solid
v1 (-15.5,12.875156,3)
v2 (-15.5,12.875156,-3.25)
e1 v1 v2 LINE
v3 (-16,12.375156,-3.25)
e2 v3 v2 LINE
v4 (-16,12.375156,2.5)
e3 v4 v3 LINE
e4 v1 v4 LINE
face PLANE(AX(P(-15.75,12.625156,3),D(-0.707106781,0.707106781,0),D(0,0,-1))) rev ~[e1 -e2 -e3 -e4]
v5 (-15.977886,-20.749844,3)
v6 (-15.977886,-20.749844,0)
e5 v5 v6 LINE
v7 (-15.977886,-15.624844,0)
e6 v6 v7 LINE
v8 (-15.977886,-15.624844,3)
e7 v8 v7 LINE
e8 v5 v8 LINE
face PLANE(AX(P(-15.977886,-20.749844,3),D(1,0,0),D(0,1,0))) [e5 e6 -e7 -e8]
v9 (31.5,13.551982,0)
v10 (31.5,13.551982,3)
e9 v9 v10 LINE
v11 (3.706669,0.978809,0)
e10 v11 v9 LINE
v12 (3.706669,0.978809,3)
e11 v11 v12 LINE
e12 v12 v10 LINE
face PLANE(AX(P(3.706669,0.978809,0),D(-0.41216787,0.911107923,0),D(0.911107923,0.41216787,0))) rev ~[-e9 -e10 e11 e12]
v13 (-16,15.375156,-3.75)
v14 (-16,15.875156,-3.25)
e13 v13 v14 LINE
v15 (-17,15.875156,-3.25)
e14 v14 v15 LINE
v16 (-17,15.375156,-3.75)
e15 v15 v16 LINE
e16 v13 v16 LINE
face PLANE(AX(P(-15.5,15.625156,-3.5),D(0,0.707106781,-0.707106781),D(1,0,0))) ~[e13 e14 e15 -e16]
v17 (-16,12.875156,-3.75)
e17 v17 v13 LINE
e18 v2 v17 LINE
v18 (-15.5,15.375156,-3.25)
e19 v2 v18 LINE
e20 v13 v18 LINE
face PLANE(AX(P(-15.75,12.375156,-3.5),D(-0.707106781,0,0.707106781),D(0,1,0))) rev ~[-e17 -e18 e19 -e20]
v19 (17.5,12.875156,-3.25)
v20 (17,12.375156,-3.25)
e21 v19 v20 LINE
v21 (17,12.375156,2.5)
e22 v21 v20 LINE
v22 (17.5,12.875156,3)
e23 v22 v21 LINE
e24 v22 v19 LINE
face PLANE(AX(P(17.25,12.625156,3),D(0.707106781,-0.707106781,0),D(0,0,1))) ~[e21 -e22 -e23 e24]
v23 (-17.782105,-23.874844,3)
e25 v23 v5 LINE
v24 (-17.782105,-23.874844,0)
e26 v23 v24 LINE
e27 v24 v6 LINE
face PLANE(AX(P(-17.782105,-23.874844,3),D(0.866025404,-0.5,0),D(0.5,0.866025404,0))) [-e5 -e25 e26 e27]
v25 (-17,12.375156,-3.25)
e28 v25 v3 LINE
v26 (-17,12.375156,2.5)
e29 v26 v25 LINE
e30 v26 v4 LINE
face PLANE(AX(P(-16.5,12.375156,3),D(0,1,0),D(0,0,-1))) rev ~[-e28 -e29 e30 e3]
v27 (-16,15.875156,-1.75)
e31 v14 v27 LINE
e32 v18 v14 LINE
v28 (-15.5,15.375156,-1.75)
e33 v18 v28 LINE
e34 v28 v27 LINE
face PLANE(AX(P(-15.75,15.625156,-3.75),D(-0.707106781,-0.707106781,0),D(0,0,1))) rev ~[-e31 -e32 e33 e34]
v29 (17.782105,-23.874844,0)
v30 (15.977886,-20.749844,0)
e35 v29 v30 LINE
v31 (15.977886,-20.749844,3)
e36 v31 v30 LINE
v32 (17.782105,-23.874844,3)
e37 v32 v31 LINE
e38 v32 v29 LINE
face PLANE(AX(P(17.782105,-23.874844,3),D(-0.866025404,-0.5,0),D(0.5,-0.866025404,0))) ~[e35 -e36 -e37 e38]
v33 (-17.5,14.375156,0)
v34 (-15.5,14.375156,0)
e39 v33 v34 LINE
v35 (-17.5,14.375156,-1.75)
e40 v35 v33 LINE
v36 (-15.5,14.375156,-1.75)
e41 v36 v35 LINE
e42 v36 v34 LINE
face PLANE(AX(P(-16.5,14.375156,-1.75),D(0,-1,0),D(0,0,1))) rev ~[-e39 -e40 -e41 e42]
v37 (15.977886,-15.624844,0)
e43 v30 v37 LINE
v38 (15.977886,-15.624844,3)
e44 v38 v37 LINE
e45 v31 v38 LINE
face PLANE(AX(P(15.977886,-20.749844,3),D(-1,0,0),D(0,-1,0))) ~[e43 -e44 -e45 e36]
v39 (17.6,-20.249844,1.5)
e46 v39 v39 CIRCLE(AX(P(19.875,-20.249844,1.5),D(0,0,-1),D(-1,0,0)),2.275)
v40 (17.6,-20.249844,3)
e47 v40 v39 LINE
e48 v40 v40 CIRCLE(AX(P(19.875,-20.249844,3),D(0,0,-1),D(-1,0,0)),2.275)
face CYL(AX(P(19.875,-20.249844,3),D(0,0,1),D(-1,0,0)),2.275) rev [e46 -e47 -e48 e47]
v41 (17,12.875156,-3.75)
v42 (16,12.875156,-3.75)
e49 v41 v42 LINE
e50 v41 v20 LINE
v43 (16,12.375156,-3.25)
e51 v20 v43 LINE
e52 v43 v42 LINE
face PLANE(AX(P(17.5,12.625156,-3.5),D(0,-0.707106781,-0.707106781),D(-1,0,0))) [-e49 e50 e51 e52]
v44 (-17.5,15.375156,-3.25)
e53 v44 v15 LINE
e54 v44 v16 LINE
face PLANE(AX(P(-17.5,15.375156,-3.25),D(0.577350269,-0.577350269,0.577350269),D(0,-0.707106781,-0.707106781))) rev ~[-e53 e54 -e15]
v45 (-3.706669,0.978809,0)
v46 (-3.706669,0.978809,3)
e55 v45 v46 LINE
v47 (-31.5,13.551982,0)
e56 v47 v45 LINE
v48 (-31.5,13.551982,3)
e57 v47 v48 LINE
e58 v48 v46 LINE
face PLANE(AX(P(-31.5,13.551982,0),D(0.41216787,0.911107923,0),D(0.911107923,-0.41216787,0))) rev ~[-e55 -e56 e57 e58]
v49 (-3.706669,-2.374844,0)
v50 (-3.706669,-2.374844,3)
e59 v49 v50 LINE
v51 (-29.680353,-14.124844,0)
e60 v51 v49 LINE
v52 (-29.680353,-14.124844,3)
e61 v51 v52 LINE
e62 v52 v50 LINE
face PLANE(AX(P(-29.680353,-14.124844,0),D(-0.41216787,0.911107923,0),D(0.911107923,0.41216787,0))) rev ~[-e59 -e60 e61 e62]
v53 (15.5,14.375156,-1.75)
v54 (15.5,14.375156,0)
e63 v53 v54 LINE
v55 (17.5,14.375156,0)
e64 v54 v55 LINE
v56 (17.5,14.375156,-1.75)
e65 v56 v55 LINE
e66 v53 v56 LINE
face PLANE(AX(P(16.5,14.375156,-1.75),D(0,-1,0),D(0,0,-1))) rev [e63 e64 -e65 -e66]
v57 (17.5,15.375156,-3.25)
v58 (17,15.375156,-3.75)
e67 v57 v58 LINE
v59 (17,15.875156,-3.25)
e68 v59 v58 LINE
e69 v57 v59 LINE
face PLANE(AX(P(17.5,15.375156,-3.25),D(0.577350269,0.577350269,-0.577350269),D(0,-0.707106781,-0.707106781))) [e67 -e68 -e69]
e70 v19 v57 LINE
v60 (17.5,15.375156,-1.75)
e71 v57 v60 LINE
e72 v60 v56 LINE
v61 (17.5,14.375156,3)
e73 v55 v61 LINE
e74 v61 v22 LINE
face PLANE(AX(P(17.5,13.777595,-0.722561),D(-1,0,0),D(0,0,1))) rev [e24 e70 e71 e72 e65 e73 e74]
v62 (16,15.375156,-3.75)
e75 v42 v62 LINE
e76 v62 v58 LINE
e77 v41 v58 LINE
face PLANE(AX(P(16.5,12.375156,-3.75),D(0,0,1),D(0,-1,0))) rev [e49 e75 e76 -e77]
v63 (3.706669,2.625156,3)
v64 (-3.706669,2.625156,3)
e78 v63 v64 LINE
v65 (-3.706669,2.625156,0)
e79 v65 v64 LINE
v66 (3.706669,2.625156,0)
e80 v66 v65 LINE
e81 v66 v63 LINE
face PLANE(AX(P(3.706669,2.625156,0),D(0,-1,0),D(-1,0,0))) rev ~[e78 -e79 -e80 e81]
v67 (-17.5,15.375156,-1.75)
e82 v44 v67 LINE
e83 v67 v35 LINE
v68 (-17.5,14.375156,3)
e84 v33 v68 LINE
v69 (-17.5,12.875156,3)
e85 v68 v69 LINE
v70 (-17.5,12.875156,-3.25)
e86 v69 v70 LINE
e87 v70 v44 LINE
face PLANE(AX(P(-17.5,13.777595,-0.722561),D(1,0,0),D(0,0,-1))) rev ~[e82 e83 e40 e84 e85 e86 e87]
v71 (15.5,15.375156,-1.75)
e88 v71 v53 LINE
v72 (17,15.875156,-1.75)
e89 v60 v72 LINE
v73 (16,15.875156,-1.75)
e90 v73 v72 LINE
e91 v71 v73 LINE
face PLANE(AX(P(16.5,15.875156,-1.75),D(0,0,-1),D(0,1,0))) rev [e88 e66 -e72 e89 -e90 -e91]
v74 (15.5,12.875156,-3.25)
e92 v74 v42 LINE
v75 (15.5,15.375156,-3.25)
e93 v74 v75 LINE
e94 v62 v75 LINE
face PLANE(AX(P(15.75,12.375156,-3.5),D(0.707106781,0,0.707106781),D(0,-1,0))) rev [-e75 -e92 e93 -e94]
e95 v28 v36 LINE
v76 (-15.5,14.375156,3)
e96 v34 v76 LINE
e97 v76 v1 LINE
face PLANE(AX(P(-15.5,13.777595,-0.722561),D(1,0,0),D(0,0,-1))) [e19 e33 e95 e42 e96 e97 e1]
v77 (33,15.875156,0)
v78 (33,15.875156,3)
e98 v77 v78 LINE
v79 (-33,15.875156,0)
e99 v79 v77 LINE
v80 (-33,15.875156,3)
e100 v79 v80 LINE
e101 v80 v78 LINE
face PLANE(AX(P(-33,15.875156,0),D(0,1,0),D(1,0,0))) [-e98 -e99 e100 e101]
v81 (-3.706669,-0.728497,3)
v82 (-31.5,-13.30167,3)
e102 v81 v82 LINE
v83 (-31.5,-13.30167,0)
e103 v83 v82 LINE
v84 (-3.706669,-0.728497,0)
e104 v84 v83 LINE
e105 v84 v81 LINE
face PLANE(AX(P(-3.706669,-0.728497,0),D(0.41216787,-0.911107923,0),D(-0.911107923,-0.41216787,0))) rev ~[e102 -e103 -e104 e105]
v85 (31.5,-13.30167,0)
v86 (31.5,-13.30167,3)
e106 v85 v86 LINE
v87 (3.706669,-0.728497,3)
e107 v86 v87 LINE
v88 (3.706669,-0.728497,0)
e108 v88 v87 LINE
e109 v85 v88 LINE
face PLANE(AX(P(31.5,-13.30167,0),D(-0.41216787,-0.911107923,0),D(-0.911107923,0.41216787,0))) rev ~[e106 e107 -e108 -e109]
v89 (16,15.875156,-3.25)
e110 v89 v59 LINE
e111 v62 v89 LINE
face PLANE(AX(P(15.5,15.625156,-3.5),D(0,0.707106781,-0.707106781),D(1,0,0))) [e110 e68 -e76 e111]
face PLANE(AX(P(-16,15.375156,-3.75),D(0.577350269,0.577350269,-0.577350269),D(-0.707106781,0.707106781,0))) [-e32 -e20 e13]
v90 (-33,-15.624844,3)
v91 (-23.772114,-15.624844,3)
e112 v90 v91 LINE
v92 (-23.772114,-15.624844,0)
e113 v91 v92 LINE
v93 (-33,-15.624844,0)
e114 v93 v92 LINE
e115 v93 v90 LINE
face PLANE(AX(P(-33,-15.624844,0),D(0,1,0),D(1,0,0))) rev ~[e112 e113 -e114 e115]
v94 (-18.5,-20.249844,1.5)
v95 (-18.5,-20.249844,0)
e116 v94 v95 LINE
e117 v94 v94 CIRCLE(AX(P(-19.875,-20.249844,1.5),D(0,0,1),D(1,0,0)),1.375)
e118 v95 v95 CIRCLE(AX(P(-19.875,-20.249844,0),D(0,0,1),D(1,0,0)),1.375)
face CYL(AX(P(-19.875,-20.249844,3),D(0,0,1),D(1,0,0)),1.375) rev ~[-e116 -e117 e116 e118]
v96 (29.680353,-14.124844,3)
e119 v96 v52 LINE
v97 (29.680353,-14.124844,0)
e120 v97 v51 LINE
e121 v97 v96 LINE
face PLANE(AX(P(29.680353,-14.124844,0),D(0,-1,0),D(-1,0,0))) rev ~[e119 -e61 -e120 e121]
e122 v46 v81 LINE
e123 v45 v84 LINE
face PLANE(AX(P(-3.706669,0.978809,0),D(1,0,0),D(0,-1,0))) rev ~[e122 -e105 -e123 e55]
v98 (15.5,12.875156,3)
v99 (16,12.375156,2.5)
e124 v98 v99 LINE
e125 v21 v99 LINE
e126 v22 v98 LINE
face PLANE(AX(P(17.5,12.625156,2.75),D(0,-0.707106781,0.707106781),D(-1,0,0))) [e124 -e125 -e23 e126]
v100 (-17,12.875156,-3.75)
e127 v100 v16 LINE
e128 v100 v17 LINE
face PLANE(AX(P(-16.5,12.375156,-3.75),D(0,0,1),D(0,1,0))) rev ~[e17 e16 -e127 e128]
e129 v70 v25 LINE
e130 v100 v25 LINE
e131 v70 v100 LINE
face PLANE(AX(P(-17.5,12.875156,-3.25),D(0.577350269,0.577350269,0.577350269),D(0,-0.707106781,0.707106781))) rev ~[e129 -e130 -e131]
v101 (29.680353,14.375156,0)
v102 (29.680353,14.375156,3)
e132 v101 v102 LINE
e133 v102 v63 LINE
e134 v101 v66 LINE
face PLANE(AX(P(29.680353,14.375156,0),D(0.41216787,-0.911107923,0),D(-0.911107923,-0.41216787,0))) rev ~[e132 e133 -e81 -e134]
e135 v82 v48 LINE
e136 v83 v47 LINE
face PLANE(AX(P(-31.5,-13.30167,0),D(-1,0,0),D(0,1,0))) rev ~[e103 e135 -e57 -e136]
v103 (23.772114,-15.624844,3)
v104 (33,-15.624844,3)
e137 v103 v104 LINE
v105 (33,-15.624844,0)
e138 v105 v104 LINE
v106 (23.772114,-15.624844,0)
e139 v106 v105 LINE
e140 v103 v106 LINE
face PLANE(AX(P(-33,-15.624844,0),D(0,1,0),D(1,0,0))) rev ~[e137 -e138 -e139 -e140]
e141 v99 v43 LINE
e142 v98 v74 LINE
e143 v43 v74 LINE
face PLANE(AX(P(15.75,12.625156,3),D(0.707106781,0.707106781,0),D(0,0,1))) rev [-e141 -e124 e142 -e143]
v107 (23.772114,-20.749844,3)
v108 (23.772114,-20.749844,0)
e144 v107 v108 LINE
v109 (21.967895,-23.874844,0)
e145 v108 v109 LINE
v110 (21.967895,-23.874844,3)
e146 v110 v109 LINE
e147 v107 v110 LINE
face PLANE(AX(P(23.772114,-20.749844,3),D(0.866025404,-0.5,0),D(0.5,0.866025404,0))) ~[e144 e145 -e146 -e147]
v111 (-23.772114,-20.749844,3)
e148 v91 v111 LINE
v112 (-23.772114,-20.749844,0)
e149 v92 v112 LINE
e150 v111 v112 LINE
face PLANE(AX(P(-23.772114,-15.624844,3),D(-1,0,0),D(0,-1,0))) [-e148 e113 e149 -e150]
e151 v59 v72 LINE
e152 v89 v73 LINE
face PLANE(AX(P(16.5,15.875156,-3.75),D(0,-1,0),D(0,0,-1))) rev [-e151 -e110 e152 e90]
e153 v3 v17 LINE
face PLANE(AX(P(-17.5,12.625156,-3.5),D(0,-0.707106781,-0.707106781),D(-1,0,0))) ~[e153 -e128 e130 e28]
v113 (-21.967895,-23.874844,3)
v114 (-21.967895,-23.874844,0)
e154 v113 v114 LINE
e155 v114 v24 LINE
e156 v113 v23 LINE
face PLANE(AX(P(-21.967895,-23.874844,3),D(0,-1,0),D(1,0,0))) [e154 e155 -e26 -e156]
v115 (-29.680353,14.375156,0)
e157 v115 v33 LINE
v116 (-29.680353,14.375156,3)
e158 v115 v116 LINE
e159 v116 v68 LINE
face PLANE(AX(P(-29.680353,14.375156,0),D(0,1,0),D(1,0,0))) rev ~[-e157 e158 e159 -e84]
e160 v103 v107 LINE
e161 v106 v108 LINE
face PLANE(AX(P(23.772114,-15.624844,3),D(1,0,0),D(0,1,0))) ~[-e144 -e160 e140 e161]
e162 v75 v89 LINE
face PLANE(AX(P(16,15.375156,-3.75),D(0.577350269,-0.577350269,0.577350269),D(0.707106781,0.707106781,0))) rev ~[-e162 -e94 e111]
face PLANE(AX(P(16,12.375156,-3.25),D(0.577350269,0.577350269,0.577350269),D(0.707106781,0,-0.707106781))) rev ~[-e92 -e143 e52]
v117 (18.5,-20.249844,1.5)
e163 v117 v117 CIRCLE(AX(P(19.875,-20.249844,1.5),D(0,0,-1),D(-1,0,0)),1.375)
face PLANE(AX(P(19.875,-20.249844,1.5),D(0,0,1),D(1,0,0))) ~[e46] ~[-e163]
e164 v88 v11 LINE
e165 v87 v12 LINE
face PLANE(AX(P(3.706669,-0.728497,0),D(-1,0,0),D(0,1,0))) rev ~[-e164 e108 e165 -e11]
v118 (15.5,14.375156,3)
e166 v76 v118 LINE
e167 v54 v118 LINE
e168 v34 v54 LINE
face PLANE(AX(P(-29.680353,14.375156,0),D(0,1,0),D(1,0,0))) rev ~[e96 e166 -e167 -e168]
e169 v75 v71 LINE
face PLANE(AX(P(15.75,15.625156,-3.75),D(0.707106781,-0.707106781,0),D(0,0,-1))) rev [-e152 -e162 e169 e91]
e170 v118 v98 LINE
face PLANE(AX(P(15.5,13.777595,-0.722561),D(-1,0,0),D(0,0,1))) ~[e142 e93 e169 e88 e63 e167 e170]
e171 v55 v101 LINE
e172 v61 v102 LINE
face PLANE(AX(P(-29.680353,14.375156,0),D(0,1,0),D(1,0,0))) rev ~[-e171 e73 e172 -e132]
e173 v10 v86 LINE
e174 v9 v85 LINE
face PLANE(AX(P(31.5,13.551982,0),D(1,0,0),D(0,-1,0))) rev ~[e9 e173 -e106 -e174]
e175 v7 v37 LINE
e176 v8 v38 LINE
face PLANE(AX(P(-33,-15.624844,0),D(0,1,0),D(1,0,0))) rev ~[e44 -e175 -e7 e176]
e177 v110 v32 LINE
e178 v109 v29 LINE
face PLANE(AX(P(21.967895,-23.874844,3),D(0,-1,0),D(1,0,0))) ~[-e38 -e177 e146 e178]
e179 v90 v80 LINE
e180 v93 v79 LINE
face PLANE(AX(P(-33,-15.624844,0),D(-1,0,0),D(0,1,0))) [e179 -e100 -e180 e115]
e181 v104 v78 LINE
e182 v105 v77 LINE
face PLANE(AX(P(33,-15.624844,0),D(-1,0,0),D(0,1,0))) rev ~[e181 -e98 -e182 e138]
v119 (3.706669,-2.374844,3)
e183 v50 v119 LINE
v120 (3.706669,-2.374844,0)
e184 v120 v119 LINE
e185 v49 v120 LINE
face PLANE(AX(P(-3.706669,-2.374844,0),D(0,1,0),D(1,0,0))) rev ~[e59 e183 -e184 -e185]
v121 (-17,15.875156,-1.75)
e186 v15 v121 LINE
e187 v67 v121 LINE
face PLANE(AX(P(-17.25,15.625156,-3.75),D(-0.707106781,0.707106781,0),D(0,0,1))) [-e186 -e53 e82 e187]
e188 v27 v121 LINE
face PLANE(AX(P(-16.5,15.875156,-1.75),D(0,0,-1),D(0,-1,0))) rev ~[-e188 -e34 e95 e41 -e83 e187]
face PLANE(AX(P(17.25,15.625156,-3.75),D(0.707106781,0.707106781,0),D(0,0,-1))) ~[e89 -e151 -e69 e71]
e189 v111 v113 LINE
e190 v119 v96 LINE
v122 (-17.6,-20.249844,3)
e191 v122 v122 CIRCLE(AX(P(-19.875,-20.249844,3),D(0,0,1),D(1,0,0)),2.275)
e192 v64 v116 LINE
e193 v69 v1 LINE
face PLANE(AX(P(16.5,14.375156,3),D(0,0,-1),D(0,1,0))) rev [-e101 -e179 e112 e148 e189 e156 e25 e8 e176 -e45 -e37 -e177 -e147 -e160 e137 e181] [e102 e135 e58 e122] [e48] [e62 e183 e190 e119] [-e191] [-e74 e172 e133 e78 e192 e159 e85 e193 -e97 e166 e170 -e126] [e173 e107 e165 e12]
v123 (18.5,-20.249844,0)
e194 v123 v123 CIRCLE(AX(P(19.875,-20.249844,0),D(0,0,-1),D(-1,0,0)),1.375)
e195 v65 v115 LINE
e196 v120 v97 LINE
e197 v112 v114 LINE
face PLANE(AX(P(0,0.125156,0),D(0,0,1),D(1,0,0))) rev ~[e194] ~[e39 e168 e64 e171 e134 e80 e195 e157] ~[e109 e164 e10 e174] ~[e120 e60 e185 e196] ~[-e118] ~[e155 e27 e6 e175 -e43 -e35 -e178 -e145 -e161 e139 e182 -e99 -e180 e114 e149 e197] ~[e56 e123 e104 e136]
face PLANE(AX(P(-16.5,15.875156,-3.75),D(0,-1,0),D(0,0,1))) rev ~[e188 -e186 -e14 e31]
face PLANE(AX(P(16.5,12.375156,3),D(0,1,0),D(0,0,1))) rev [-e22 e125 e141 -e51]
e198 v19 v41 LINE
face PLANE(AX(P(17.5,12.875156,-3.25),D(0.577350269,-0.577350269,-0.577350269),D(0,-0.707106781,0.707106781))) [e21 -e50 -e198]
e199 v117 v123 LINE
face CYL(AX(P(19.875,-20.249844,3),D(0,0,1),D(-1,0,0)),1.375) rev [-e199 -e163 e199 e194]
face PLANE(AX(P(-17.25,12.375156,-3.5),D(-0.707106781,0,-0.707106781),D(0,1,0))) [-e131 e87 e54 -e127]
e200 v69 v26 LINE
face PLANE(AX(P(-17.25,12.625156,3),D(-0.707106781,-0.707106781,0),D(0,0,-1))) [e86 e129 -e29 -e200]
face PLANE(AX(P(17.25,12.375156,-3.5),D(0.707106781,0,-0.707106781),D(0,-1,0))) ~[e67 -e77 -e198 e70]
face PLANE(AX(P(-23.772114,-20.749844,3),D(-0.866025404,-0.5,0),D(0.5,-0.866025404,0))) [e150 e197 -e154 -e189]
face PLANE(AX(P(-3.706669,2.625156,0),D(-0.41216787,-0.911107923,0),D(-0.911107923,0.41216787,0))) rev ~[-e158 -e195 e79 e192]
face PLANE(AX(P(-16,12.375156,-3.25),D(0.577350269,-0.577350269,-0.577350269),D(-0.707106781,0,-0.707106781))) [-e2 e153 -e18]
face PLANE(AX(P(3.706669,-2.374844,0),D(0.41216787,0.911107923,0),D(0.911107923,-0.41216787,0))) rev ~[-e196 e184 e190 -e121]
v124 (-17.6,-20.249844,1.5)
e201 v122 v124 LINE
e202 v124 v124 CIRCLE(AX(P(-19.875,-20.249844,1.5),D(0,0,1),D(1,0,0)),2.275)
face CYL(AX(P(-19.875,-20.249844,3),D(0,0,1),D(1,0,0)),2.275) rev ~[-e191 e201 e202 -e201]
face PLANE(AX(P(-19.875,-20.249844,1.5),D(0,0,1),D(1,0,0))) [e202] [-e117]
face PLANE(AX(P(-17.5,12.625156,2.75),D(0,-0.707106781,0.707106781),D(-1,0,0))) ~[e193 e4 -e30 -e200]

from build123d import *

# Parameters (mm, degrees)
SKETCH1_W                = 66
SKETCH1_H                = 31.5
BOSS_EXTRUDE1_DEPTH      = 3
SKETCH2_R                = 1.375
BOSS_EXTRUDE2_DEPTH      = 3
SKETCH2_4_R              = 2.275
SKETCH2_4_R_2            = 1.375
CUT_EXTRUDE1_DEPTH       = 1.5
BOSS_EXTRUDE3_DEPTH      = 1
CHAMFER1_SIZE            = 0.5
CHAMFER1_OF_MIRROR2_SIZE = 0.5


with BuildPart() as part:
    # Sketch1 → Boss-Extrude1 (new body)
    with BuildSketch(Plane.XY):
        with Locations((0, 0.125155984)):
            Rectangle(SKETCH1_W, SKETCH1_H)
        Polygon((3.706668857, -2.374844016), (29.680353068, -14.124844016), (-29.680353068, -14.124844016), (-3.706668857, -2.374844016), align=None, mode=Mode.SUBTRACT)
        Polygon((-3.706668857, -0.728496791), (-31.5, -13.301670403), (-31.5, 13.551982372), (-3.706668857, 0.97880876), align=None, mode=Mode.SUBTRACT)
        Polygon((-3.706668857, 2.625155984), (-29.680353068, 14.375155984), (29.680353068, 14.375155984), (3.706668857, 2.625155984), align=None, mode=Mode.SUBTRACT)
        Polygon((3.706668857, 0.97880876), (31.5, 13.551982372), (31.5, -13.301670403), (3.706668857, -0.728496791), align=None, mode=Mode.SUBTRACT)
    extrude(amount=BOSS_EXTRUDE1_DEPTH)

    # Sketch2 → Boss-Extrude2 (add)
    with BuildSketch(Plane.XY.offset(3)):
        Polygon((-15.977885683, -15.624844016), (-23.772114317, -15.624844016), (-23.772114317, -20.749844016), (-21.967894726, -23.874844016), (-17.782105274, -23.874844016), (-15.977885683, -20.749844016), align=None)
        with Locations((-19.875, -20.249844016)):
            Circle(SKETCH2_R, mode=Mode.SUBTRACT)
    boss_extrude2 = extrude(amount=-BOSS_EXTRUDE2_DEPTH)

    # Sketch2<4> → Cut-Extrude1 (cut)
    with BuildSketch(Plane.XY.offset(3)):
        with Locations((-19.875, -20.249844016)):
            Circle(SKETCH2_4_R)
        with Locations((-19.875, -20.249844016)):
            Circle(SKETCH2_4_R_2, mode=Mode.SUBTRACT)
    cut_extrude1 = extrude(amount=-CUT_EXTRUDE1_DEPTH, mode=Mode.SUBTRACT)

    # Mirror1: Boss-Extrude2, Cut-Extrude1 across plane
    add(boss_extrude2.mirror(Plane.ZY))
    add(cut_extrude1.mirror(Plane.ZY), mode=Mode.SUBTRACT)

    # Sketch3 → Boss-Extrude3 (add, symmetric)
    with BuildSketch(Plane.ZY.offset(16.5)):
        Polygon((-1.75, 14.375155984), (3, 14.375155984), (3, 12.375155984), (-3.75, 12.375155984), (-3.75, 15.875155984), (-1.75, 15.875155984), align=None)
    boss_extrude3 = extrude(amount=BOSS_EXTRUDE3_DEPTH, both=True)

    # Chamfer1
    chamfer1_edges = [part.edges().sort_by_distance(p)[0] for p in [
        (-16.5, 12.375155984, 3),
        (-15.5, 15.875155984, -2.75),
        (-15.5, 14.125155984, -3.75),
        (-16.5, 15.875155984, -3.75),
        (-15.5, 12.375155984, -0.375),
        (-16.5, 12.375155984, -3.75),
        (-17.5, 15.875155984, -2.75),
        (-17.5, 14.125155984, -3.75),
        (-17.5, 12.375155984, -0.375),
    ]]
    chamfer(chamfer1_edges, length=CHAMFER1_SIZE)

    # Mirror2: Boss-Extrude3 across plane
    add(boss_extrude3.mirror(Plane.ZY))

    # Chamfer1 of Mirror2
    chamfer1_of_mirror2_edges = [part.edges().sort_by_distance(p)[0] for p in [
        (16.5, 12.375155984, 3),
        (15.5, 15.875155984, -2.75),
        (15.5, 14.125155984, -3.75),
        (16.5, 15.875155984, -3.75),
        (15.5, 12.375155984, -0.375),
        (16.5, 12.375155984, -3.75),
        (17.5, 15.875155984, -2.75),
        (17.5, 14.125155984, -3.75),
        (17.5, 12.375155984, -0.375),
    ]]
    chamfer(chamfer1_of_mirror2_edges, length=CHAMFER1_OF_MIRROR2_SIZE)


solid = part.part
